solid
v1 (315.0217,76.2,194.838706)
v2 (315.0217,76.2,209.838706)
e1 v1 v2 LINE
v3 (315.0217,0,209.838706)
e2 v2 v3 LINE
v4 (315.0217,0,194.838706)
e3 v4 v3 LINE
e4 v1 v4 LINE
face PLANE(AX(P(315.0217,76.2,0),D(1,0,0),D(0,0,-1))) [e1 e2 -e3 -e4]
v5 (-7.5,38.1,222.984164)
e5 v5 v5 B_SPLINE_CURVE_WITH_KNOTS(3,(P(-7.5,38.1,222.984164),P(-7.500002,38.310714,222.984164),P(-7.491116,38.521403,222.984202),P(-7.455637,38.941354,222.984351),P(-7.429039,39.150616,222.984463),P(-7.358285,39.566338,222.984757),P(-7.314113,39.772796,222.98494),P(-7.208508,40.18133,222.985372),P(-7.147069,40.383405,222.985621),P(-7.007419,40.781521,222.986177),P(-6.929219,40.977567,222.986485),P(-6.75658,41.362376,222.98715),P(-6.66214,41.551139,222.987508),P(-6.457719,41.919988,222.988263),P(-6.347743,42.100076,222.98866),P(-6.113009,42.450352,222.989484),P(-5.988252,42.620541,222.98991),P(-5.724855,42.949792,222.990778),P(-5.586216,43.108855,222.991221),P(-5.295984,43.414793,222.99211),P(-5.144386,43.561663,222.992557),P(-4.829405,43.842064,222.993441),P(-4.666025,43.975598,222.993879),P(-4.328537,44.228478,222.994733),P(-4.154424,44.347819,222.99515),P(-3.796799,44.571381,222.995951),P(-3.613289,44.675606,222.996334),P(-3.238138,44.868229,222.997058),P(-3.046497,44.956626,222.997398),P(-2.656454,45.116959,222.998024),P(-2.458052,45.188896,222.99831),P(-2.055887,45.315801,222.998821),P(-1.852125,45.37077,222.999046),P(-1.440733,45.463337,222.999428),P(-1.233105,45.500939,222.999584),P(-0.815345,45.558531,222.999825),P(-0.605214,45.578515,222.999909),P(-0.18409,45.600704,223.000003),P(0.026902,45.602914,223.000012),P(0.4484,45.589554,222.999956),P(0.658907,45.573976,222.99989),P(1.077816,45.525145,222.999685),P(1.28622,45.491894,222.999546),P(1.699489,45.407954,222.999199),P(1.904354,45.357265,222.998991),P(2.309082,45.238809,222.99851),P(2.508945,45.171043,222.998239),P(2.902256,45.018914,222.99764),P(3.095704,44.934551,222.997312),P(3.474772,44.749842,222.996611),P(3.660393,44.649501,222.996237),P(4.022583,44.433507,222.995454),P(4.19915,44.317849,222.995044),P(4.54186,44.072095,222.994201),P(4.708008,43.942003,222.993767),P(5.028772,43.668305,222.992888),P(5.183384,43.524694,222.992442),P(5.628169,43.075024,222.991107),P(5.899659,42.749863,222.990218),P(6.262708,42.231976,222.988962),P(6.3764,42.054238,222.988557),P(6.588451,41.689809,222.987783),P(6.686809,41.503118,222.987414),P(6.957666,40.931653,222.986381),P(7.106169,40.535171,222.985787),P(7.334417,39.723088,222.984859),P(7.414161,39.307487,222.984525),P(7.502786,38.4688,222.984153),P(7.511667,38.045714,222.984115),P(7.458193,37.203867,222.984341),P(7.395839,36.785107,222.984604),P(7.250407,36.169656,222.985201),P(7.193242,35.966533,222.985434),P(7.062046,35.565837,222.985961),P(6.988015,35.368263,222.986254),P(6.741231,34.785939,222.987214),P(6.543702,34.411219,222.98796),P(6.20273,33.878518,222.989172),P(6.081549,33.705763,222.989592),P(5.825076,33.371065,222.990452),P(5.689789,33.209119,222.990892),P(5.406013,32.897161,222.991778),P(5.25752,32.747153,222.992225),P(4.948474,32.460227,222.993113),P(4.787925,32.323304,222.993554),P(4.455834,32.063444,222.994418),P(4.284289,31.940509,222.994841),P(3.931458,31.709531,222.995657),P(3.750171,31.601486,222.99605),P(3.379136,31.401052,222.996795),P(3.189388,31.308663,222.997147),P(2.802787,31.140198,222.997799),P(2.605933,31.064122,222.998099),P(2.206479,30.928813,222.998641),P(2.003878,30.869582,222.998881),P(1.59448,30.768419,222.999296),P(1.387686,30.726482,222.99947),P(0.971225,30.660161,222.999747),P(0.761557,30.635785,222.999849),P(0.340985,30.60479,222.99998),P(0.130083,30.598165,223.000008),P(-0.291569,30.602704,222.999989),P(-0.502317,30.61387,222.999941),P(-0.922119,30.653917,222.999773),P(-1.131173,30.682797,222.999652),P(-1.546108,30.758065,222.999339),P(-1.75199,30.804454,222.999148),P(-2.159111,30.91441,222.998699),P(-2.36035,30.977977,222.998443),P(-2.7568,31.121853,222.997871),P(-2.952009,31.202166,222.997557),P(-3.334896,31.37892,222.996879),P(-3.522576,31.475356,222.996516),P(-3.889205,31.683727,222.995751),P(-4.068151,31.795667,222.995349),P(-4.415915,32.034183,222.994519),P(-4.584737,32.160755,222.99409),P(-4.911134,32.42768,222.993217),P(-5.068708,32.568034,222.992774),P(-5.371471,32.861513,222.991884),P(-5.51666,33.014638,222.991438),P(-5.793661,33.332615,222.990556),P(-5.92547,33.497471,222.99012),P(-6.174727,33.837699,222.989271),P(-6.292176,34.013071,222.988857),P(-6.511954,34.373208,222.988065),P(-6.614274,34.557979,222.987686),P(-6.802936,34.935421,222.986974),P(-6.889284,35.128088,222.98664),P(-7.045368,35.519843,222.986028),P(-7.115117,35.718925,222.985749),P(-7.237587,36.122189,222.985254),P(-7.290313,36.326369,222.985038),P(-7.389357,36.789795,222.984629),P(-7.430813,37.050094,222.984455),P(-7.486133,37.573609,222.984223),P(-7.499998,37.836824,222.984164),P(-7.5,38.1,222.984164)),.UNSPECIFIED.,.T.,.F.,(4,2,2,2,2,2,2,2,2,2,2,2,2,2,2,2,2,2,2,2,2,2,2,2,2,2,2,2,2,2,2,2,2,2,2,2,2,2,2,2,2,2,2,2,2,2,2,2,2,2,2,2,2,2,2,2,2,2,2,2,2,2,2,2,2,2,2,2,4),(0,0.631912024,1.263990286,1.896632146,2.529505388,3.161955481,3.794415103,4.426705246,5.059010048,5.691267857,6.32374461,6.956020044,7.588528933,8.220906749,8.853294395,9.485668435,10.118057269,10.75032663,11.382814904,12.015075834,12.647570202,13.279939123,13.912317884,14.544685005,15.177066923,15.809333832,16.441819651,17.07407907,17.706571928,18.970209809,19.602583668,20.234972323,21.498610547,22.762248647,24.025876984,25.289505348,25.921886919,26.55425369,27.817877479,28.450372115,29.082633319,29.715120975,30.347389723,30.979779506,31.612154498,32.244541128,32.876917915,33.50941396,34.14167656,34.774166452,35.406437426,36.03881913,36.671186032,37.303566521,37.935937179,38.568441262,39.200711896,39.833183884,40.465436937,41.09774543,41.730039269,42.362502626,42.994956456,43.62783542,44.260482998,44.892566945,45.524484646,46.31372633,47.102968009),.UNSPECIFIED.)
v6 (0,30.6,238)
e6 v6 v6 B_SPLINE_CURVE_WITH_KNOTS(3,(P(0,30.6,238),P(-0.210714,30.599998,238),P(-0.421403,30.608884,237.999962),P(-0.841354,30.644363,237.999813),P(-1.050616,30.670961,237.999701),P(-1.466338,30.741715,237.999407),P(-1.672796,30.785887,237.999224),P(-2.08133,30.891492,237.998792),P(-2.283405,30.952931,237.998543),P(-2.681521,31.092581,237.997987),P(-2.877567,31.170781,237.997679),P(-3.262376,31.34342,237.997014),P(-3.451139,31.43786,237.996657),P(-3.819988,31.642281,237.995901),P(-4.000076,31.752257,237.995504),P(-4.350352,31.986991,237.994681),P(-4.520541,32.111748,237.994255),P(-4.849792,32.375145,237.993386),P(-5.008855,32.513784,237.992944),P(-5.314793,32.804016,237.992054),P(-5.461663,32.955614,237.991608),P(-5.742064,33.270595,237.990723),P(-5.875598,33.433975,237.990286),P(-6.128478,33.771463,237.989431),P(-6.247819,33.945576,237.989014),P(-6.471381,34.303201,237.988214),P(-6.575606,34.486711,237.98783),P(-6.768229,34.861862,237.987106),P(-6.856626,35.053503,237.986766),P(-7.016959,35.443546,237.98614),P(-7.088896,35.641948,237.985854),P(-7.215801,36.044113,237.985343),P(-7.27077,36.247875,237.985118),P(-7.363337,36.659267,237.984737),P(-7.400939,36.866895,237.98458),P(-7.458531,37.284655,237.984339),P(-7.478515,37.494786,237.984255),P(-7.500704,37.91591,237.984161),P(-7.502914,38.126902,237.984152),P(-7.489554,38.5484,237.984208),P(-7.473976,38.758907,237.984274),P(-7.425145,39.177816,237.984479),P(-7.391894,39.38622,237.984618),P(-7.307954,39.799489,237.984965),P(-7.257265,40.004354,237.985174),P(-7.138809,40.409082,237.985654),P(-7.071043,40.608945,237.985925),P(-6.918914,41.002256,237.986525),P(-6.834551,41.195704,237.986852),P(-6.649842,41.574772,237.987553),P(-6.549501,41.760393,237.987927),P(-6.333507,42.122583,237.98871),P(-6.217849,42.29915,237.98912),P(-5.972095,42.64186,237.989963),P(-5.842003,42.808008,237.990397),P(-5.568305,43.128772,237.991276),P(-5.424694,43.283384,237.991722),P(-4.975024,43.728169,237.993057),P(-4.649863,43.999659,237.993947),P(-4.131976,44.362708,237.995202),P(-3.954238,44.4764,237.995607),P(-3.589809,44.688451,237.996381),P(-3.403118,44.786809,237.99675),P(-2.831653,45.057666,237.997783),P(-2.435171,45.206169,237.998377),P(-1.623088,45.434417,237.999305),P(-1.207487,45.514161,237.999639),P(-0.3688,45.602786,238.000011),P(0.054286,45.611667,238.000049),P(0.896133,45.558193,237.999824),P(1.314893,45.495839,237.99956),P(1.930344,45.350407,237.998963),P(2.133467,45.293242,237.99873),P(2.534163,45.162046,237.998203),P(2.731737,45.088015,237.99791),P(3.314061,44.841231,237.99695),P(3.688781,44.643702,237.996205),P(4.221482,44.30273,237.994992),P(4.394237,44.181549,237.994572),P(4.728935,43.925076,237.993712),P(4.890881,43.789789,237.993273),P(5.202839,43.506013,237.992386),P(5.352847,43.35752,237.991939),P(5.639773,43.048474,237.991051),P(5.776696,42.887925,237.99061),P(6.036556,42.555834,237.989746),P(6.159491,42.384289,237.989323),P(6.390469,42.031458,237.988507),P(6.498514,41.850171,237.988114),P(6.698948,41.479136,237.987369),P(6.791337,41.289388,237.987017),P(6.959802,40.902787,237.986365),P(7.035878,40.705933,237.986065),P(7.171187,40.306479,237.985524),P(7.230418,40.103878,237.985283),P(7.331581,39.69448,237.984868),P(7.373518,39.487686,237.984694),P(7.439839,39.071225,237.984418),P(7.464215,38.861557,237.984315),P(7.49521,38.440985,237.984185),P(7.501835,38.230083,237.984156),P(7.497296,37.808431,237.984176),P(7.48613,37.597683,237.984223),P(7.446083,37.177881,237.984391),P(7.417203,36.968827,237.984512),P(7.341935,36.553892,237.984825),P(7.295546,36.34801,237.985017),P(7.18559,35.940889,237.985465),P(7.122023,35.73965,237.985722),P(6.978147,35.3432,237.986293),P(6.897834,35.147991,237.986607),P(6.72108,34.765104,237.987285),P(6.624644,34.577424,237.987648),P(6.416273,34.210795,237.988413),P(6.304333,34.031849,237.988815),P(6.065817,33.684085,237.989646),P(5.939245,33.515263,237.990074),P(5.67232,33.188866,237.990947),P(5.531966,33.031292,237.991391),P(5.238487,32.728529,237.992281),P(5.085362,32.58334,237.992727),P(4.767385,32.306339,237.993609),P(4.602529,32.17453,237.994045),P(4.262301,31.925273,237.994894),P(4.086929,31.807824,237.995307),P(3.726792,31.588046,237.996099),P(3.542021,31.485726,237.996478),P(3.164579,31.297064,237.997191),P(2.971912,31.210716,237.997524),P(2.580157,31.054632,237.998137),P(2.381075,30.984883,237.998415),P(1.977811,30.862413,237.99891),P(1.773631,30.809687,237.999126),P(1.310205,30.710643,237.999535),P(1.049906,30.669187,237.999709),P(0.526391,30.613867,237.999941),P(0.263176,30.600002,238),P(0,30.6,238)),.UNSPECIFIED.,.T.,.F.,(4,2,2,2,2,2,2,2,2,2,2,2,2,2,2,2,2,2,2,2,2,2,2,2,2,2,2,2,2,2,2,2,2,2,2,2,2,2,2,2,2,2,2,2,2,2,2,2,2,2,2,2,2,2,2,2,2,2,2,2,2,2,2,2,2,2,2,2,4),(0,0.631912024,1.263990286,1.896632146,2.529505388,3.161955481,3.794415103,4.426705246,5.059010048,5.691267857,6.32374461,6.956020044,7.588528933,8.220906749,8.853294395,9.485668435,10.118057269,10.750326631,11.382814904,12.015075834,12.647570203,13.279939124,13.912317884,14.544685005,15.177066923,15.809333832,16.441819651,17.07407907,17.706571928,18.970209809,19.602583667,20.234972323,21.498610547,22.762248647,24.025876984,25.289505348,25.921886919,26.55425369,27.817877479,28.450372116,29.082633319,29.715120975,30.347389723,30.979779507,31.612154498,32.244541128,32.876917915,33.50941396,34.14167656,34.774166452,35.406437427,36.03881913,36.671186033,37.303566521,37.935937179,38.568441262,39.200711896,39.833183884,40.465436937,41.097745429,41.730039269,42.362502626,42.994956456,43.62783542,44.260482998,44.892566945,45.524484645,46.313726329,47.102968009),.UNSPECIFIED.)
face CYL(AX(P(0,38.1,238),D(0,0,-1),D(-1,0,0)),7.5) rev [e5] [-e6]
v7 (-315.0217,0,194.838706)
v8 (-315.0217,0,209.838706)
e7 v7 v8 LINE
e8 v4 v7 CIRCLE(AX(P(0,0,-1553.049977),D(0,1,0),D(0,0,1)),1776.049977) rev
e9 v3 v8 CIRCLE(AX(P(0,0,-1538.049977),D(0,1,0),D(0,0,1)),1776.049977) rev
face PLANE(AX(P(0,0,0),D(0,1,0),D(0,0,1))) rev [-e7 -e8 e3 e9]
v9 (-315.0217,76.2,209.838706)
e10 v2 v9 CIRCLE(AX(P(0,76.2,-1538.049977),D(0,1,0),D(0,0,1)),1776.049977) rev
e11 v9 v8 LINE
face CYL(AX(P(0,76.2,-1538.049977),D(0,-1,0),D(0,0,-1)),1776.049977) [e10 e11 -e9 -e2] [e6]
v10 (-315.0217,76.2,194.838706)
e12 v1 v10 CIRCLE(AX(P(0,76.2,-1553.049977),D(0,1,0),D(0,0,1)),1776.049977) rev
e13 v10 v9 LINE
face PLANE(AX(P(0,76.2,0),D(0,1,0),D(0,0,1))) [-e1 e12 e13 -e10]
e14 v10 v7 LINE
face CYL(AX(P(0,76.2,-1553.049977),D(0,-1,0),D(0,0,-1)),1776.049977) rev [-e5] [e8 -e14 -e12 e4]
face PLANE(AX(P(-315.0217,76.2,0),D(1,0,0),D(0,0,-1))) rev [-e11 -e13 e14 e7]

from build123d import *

# Parameters (mm, degrees)
BOSS_EXTRUDE1_DEPTH = 76.2
SKETCH11_R          = 7.5
CUT_EXTRUDE1_DEPTH  = 239


with BuildPart() as part:
    # Sketch1 → Boss-Extrude1 (new body)
    with BuildSketch(Plane(origin=(0, 0, 0), x_dir=(1, 0, 0), z_dir=(0, 1, 0))):
        with BuildLine():
            ThreePointArc((315.021699517, -194.83870643), (0, -223), (-315.021699517, -194.83870643))
            Line((-315.021699517, -194.83870643), (-315.021699517, -209.83870643))
            ThreePointArc((-315.021699517, -209.83870643), (0, -238), (315.021699517, -209.83870643))
            Line((315.021699517, -209.83870643), (315.021699517, -194.83870643))
        make_face()
    extrude(amount=BOSS_EXTRUDE1_DEPTH)

    # Sketch11 → Cut-Extrude1 (cut, through all)
    with BuildSketch(Plane.XY):
        with Locations((0, 38.1)):
            Circle(SKETCH11_R)
    extrude(amount=CUT_EXTRUDE1_DEPTH, mode=Mode.SUBTRACT)


solid = part.part
